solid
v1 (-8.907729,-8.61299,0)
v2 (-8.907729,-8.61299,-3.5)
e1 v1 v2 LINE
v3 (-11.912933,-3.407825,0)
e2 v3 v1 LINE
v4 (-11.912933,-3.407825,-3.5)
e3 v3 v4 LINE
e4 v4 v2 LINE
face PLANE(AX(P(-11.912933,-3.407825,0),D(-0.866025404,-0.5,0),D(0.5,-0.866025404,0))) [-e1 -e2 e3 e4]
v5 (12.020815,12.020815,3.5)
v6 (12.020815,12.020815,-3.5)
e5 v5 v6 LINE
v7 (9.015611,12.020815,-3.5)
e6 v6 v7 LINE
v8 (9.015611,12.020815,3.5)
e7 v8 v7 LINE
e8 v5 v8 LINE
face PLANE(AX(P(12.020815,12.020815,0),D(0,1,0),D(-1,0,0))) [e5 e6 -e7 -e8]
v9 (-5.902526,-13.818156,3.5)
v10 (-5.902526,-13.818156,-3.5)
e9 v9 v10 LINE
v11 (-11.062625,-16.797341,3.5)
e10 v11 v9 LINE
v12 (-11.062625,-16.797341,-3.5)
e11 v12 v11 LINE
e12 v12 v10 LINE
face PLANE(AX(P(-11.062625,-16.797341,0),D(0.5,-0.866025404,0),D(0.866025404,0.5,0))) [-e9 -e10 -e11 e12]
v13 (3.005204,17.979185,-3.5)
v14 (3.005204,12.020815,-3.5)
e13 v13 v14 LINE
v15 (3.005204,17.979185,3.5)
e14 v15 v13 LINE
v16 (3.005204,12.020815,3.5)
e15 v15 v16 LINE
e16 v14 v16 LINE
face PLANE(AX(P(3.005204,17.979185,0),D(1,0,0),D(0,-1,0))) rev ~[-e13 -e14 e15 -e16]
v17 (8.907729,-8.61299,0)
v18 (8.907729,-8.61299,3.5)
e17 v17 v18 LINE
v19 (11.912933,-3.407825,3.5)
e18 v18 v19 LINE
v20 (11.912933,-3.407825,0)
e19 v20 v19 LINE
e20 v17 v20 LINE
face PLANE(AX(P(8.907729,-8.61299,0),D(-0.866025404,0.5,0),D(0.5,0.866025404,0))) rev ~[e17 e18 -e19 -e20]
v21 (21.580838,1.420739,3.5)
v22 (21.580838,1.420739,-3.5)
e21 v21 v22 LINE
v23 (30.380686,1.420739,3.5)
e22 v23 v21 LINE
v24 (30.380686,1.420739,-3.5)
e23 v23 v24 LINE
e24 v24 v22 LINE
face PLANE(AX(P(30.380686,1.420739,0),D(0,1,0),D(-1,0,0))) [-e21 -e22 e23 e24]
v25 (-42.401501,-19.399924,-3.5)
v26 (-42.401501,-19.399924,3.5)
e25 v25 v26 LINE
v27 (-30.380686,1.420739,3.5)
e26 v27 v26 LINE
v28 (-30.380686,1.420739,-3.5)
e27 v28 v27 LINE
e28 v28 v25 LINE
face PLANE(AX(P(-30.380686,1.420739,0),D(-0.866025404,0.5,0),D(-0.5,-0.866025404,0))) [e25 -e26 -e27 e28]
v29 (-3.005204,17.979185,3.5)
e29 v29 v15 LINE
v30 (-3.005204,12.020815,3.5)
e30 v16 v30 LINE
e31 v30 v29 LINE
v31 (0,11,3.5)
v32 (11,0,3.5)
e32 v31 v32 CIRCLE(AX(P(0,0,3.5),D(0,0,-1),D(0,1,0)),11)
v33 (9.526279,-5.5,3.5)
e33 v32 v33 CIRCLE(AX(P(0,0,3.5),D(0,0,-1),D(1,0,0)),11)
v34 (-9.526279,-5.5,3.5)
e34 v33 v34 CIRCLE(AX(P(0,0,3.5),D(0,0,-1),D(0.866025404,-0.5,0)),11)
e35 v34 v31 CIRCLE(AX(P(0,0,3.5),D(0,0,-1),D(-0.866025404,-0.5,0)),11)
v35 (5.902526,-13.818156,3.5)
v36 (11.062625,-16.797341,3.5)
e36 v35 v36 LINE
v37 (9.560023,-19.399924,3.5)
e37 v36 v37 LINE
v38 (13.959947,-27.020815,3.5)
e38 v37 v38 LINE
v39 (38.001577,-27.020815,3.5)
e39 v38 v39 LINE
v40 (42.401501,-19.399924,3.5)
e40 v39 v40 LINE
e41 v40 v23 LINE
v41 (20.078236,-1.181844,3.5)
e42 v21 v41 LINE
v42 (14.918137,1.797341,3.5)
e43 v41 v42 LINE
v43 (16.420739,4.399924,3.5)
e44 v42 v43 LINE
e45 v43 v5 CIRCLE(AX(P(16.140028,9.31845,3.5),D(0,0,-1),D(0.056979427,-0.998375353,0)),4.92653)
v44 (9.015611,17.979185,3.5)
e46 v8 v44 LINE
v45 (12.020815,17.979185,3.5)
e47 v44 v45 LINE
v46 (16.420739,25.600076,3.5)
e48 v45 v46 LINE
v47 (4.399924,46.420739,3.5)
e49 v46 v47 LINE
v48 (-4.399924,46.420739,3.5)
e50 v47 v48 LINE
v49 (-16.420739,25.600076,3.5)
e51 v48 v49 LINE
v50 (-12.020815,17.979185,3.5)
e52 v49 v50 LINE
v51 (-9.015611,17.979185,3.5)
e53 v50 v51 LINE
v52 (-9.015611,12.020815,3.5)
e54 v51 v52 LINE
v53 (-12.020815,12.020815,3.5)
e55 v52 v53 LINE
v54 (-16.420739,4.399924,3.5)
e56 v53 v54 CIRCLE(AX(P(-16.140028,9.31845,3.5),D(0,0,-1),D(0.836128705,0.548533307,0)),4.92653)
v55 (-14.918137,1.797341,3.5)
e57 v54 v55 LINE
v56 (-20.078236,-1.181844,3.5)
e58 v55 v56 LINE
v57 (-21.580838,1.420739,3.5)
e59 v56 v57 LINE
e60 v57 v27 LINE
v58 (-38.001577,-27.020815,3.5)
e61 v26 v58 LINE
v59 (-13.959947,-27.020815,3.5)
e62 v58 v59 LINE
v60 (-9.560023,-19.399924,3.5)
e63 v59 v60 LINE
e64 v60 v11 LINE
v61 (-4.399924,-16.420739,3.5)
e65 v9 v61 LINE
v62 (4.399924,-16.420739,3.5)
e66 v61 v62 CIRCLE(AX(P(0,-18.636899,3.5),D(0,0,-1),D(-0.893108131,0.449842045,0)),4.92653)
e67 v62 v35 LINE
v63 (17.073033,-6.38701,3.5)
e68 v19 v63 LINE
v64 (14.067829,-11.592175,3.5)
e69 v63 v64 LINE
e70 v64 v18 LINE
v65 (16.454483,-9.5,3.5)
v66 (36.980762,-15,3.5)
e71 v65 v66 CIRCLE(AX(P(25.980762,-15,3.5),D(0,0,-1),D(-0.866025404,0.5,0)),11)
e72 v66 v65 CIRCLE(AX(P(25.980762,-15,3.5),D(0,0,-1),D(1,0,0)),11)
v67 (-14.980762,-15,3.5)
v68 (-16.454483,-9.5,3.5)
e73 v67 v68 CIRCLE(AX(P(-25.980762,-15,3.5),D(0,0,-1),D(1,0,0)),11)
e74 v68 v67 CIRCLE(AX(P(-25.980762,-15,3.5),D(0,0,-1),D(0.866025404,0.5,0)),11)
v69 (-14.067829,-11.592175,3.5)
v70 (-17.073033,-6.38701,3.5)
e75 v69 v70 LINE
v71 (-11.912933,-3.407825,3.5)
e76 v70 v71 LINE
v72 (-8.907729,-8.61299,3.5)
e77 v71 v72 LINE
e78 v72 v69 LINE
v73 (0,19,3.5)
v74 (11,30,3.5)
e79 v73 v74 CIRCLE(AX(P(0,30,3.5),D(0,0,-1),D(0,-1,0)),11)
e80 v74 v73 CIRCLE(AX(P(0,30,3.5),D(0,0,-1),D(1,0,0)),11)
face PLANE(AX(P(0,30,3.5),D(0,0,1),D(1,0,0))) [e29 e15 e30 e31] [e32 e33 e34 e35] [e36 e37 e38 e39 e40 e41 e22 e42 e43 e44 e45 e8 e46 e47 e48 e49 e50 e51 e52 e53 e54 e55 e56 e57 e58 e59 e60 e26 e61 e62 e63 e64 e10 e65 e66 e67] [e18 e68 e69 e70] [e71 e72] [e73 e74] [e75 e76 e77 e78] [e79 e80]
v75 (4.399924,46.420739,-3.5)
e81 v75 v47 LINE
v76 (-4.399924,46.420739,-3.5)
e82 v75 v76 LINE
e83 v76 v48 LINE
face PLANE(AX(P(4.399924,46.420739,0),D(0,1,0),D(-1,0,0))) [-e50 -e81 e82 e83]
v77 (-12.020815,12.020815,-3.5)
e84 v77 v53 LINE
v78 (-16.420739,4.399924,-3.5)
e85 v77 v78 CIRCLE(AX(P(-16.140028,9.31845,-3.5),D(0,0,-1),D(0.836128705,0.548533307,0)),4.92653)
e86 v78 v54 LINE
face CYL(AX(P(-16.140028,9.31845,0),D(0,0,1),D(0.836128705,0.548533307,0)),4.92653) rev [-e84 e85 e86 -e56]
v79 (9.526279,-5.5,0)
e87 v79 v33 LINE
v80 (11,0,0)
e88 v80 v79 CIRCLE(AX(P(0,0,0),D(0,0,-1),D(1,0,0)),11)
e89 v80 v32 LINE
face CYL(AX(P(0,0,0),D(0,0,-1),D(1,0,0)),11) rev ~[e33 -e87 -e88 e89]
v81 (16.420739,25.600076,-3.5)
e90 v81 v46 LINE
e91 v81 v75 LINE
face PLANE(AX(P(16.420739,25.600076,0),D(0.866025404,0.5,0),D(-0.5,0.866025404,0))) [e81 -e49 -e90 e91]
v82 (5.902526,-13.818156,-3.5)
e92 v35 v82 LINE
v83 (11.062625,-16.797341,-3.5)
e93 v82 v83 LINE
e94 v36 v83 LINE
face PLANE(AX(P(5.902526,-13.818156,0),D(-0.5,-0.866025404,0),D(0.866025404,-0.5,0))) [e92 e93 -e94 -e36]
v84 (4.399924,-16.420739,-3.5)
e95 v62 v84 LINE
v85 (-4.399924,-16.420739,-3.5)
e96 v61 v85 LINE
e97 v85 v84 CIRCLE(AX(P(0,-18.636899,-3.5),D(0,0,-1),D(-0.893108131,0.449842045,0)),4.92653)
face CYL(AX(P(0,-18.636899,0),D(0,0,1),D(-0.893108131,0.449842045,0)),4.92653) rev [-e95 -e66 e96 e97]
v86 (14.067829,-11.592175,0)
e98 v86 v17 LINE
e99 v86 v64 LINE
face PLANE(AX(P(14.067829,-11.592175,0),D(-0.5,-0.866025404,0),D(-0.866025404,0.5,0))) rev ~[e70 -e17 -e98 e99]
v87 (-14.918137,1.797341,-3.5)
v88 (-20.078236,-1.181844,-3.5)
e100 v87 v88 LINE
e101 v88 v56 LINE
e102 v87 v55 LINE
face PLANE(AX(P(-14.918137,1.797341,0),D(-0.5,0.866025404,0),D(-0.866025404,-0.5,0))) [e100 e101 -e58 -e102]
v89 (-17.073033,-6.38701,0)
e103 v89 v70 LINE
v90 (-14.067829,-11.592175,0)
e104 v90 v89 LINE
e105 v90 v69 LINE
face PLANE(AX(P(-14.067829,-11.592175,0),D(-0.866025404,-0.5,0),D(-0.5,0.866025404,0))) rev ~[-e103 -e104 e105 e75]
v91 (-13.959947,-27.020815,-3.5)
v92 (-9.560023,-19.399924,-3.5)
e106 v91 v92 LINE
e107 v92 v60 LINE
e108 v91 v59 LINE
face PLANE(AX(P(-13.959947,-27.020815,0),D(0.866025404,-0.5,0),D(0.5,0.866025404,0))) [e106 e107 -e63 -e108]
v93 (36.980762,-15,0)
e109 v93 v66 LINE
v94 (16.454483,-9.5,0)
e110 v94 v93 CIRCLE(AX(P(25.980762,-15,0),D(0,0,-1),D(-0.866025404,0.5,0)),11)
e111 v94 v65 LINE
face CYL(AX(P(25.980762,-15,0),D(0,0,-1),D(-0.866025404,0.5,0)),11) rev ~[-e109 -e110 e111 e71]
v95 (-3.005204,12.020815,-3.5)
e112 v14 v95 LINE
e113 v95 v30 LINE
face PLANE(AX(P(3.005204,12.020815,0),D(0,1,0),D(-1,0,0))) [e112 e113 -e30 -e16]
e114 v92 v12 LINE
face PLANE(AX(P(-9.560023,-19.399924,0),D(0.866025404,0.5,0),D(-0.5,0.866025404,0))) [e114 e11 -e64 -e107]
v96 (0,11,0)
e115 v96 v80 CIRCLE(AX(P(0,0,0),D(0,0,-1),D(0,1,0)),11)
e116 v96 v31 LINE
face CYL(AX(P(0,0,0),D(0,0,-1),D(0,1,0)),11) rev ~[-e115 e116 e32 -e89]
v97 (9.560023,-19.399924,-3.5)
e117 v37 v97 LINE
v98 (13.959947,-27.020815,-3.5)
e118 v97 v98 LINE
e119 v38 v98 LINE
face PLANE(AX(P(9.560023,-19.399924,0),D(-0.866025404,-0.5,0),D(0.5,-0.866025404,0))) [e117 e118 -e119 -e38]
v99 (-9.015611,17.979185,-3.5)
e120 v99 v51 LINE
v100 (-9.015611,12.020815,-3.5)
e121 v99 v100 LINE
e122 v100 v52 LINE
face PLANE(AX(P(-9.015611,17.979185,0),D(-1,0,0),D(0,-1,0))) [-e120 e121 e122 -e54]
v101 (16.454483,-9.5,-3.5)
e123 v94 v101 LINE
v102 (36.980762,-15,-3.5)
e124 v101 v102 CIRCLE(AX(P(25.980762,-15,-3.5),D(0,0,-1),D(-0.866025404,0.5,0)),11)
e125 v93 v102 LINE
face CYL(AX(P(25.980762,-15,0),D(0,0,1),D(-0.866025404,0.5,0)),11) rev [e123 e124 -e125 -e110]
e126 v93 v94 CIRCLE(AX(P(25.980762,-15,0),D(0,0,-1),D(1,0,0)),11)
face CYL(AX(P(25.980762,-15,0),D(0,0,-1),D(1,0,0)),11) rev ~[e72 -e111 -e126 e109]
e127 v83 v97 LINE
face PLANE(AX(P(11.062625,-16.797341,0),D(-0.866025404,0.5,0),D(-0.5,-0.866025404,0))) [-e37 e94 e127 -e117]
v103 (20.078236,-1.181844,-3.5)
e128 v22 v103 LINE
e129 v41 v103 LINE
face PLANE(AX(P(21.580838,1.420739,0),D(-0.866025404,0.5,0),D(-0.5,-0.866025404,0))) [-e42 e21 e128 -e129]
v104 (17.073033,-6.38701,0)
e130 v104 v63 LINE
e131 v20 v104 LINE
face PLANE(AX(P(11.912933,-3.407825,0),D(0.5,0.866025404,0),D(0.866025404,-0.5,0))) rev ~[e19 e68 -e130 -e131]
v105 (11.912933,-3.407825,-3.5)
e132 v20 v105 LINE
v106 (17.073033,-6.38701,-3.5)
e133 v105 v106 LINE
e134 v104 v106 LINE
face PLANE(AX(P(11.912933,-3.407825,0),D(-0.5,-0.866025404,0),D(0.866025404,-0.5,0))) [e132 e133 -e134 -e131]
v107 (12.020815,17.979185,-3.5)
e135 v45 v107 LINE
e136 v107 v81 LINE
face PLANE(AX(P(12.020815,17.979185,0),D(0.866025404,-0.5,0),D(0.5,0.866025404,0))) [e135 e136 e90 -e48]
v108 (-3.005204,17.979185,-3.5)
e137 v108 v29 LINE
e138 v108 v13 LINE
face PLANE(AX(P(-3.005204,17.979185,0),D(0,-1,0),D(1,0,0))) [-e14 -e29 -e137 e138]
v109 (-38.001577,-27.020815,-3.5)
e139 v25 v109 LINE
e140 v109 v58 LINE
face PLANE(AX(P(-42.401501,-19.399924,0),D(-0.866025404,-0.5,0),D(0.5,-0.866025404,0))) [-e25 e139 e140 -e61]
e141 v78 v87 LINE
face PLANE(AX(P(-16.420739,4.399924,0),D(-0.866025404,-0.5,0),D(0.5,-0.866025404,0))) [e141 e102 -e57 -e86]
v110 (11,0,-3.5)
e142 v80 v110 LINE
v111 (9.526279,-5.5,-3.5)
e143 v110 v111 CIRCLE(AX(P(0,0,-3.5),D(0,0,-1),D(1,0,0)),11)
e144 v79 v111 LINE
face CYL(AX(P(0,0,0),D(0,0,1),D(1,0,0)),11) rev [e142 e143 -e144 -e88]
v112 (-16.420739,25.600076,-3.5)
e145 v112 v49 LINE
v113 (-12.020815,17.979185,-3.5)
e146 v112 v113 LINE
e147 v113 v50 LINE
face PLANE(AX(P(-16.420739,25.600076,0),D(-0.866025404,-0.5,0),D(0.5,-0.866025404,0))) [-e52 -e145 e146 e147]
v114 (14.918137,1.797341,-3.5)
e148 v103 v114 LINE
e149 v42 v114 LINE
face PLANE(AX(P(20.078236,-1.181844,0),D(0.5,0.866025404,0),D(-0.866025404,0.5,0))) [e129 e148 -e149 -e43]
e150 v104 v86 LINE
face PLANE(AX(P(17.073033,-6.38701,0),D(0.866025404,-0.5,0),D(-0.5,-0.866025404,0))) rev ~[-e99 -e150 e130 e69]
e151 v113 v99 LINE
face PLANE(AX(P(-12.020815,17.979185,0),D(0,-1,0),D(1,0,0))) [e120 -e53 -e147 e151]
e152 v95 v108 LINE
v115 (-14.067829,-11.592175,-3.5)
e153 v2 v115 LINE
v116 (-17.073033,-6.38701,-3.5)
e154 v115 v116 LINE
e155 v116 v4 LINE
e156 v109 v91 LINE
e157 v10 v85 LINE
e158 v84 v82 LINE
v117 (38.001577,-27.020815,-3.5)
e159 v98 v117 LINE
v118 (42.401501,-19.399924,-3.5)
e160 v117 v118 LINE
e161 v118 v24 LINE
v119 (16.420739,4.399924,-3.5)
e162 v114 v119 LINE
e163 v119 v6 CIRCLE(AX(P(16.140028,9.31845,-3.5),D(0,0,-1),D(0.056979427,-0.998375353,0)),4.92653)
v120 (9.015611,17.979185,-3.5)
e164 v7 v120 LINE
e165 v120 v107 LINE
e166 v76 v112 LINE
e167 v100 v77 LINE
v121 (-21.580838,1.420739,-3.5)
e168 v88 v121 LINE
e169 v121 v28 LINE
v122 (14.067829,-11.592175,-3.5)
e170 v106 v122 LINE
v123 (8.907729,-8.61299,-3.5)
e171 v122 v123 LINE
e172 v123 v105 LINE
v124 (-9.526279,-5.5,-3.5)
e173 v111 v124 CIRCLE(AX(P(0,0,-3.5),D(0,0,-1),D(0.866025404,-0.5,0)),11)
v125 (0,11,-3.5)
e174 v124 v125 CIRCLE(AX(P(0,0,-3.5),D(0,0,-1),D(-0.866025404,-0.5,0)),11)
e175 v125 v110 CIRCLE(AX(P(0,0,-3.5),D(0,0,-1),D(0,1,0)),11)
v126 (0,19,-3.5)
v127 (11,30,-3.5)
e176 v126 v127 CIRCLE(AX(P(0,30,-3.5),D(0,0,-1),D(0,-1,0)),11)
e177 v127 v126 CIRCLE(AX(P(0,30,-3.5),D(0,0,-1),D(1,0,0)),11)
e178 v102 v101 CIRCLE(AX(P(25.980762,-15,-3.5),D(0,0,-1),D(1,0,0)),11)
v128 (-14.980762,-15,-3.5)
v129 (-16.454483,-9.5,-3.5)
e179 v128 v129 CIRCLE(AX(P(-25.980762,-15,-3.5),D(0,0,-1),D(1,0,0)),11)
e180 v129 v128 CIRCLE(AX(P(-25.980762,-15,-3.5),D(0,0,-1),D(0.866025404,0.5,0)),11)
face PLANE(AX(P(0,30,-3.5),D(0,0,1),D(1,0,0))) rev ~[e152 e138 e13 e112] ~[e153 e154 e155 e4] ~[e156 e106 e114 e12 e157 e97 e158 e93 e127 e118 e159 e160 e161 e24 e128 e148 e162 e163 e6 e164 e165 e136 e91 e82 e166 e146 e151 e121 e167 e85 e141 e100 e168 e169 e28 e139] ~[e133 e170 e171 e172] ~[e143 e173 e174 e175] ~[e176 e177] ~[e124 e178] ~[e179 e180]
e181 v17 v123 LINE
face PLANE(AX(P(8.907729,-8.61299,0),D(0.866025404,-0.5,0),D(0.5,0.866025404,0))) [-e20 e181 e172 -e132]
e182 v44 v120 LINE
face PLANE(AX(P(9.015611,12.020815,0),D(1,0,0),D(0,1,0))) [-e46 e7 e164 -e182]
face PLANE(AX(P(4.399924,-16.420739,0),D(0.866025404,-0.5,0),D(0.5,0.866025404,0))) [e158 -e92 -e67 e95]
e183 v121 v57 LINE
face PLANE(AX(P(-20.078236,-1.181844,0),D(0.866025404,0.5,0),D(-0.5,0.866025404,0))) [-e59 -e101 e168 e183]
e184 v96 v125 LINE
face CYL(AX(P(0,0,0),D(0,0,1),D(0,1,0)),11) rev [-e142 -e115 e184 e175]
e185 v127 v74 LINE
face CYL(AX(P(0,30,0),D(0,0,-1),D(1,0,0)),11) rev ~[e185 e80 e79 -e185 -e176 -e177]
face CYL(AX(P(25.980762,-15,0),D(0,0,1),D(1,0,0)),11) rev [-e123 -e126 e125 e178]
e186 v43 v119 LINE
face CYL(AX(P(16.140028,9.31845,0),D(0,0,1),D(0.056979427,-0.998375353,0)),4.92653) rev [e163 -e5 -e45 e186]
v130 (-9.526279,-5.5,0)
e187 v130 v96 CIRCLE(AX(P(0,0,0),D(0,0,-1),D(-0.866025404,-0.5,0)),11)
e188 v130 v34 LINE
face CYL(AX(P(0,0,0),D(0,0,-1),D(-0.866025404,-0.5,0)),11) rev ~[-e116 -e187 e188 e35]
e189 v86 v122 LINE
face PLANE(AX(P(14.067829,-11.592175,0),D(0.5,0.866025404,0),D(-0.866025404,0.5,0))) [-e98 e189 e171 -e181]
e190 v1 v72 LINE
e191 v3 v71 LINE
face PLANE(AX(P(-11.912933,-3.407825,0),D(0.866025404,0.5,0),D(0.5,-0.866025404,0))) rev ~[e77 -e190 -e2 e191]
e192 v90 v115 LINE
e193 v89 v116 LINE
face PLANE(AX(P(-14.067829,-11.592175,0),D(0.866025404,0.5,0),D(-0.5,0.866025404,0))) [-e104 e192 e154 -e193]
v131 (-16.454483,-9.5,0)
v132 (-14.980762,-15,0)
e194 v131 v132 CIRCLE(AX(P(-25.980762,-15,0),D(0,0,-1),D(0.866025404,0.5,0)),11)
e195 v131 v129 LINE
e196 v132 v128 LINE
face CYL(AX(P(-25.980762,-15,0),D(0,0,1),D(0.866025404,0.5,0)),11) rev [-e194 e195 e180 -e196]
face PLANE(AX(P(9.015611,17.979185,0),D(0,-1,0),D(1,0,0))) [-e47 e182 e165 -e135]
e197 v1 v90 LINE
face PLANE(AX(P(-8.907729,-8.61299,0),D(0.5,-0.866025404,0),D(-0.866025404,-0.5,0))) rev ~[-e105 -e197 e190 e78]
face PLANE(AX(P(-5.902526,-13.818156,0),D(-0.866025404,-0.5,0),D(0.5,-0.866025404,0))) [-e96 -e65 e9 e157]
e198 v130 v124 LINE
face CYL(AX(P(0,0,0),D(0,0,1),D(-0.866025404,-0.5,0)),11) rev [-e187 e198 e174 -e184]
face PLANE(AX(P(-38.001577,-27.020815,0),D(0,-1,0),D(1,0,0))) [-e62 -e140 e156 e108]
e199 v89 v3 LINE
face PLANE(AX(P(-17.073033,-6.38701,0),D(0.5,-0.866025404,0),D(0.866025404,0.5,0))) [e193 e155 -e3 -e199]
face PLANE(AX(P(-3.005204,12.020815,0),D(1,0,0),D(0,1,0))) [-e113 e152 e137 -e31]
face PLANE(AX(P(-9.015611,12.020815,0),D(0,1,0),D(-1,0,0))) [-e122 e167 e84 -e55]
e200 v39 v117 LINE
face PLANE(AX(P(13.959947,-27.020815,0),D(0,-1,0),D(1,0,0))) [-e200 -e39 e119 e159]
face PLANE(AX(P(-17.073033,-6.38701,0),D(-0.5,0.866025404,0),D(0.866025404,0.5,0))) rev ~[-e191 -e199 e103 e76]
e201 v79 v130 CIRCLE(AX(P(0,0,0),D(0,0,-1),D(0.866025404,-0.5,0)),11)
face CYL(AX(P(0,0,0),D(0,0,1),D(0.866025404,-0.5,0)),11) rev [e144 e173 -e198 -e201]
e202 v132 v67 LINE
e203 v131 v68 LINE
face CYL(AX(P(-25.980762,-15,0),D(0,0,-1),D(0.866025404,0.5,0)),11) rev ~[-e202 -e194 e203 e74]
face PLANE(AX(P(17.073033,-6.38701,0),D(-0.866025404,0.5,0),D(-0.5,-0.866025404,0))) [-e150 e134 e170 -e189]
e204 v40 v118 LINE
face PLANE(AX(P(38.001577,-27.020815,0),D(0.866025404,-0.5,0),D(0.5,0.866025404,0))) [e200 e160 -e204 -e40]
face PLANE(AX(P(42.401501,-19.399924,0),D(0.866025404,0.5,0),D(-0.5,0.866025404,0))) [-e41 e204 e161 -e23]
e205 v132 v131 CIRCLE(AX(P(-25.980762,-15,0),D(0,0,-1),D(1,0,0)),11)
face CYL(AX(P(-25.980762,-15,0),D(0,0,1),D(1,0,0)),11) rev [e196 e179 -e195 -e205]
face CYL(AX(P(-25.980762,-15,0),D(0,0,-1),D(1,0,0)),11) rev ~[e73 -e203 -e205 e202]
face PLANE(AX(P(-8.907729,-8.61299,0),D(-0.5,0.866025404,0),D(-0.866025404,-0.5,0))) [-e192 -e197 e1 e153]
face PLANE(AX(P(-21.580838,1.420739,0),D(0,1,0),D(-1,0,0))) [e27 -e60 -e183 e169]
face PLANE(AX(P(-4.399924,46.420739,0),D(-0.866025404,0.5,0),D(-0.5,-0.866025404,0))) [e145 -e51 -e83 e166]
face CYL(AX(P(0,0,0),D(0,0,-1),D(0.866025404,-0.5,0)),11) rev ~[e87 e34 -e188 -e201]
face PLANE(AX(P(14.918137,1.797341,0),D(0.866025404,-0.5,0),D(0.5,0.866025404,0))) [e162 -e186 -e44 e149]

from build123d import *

# Parameters (mm, degrees)
F1_DEPTH = 3.5


with BuildPart() as f1:
    # F0 (on Top) → F1 (new body, symmetric)
    with BuildSketch(Plane.XY):
        Polygon((-3.00520382, 17.9791847198), (0, 17.9791847198), (3.00520382, 17.9791847198), (9.0156114601, 17.9791847198), (12.0208152802, 17.9791847198), (16.4207390469, 25.6000762333), (4.3999237667, 46.4207390469), (-4.3999237667, 46.4207390469), (-16.4207390469, 25.6000762333), (-12.0208152802, 17.9791847198), (-9.0156114601, 17.9791847198), align=None)
        with BuildLine():
            ThreePointArc((11, 30), (7.7781745931, 22.2218254069), (0, 19))
            ThreePointArc((0, 19), (-7.7781745931, 37.7781745931), (11, 30))
        make_face(mode=Mode.SUBTRACT)
        Polygon((-6.0104076401, 12.0208152802), (-3.00520382, 12.0208152802), (-3.00520382, 17.9791847198), (-9.0156114601, 17.9791847198), (-9.0156114601, 12.0208152802), align=None)
        Polygon((3.00520382, 17.9791847198), (3.00520382, 12.0208152802), (6.0104076401, 12.0208152802), (9.0156114601, 12.0208152802), (9.0156114601, 17.9791847198), align=None)
        with BuildLine():
            ThreePointArc((0, 11), (7.7781745931, 7.7781745931), (11, 0))
            ThreePointArc((11, 0), (10.6251840892, -2.8470094961), (9.5262794416, -5.5))
            Line((9.5262794416, -5.5), (10.4103314068, -6.0104076401))
            Line((10.4103314068, -6.0104076401), (11.9129333168, -3.4078247884))
            Line((11.9129333168, -3.4078247884), (14.9181371369, 1.797340915))
            Line((14.9181371369, 1.797340915), (16.4207390469, 4.3999237667))
            ThreePointArc((16.4207390469, 4.3999237667), (11.8735283026, 6.8551847617), (12.0208152802, 12.0208152802))
            Line((12.0208152802, 12.0208152802), (9.0156114601, 12.0208152802))
            Line((9.0156114601, 12.0208152802), (6.0104076401, 12.0208152802))
            Line((6.0104076401, 12.0208152802), (3.00520382, 12.0208152802))
            Line((3.00520382, 12.0208152802), (0, 12.0208152802))
            Line((0, 12.0208152802), (0, 11))
        make_face()
        with BuildLine():
            ThreePointArc((-9.5262794416, -5.5), (-9.5262794416, 5.5), (0, 11))
            Line((0, 11), (0, 12.0208152802))
            Line((0, 12.0208152802), (-3.00520382, 12.0208152802))
            Line((-3.00520382, 12.0208152802), (-6.0104076401, 12.0208152802))
            Line((-6.0104076401, 12.0208152802), (-9.0156114601, 12.0208152802))
            Line((-9.0156114601, 12.0208152802), (-12.0208152802, 12.0208152802))
            ThreePointArc((-12.0208152802, 12.0208152802), (-11.8735283026, 6.8551847617), (-16.4207390469, 4.3999237667))
            Line((-16.4207390469, 4.3999237667), (-14.9181371369, 1.797340915))
            Line((-14.9181371369, 1.797340915), (-11.9129333168, -3.4078247884))
            Line((-11.9129333168, -3.4078247884), (-10.4103314068, -6.0104076401))
            Line((-10.4103314068, -6.0104076401), (-9.5262794416, -5.5))
        make_face()
        with BuildLine():
            Line((10.4103314068, -6.0104076401), (9.5262794416, -5.5))
            ThreePointArc((9.5262794416, -5.5), (0, -11), (-9.5262794416, -5.5))
            Line((-9.5262794416, -5.5), (-10.4103314068, -6.0104076401))
            Line((-10.4103314068, -6.0104076401), (-8.9077294968, -8.6129904918))
            Line((-8.9077294968, -8.6129904918), (-5.9025256768, -13.8181561952))
            Line((-5.9025256768, -13.8181561952), (-4.3999237667, -16.4207390469))
            ThreePointArc((-4.3999237667, -16.4207390469), (0, -13.7103695235), (4.3999237667, -16.4207390469))
            Line((4.3999237667, -16.4207390469), (5.9025256768, -13.8181561952))
            Line((5.9025256768, -13.8181561952), (8.9077294968, -8.6129904918))
            Line((8.9077294968, -8.6129904918), (10.4103314068, -6.0104076401))
        make_face()
        Polygon((-5.9025256768, -13.8181561952), (-8.9077294968, -8.6129904918), (-14.0678287967, -11.5921752116), (-11.0626249766, -16.797340915), align=None)
        Polygon((-17.0730326167, -6.3870095082), (-11.9129333168, -3.4078247884), (-14.9181371369, 1.797340915), (-20.0782364368, -1.1818438048), align=None)
        Polygon((-14.0678287967, -11.5921752116), (-15.5704307067, -8.9895923599), (-17.0730326167, -6.3870095082), (-20.0782364368, -1.1818438048), (-21.5808383468, 1.4207390469), (-30.3806858803, 1.4207390469), (-42.4015011604, -19.3999237667), (-38.0015773937, -27.0208152802), (-13.9599468334, -27.0208152802), (-9.5600230666, -19.3999237667), (-11.0626249766, -16.797340915), align=None)
        with BuildLine():
            ThreePointArc((-14.9807621135, -15), (-36.6059462027, -17.8470094961), (-16.4544826719, -9.5))
            ThreePointArc((-16.4544826719, -9.5), (-15.3555780244, -12.1529905039), (-14.9807621135, -15))
        make_face(mode=Mode.SUBTRACT)
        Polygon((14.9181371369, 1.797340915), (11.9129333168, -3.4078247884), (17.0730326167, -6.3870095082), (20.0782364368, -1.1818438048), align=None)
        Polygon((14.0678287967, -11.5921752116), (8.9077294968, -8.6129904918), (5.9025256768, -13.8181561952), (11.0626249766, -16.797340915), align=None)
        Polygon((17.0730326167, -6.3870095082), (15.5704307067, -8.9895923599), (14.0678287967, -11.5921752116), (11.0626249766, -16.797340915), (9.5600230666, -19.3999237667), (13.9599468334, -27.0208152802), (38.0015773937, -27.0208152802), (42.4015011604, -19.3999237667), (30.3806858803, 1.4207390469), (21.5808383468, 1.4207390469), (20.0782364368, -1.1818438048), align=None)
        with BuildLine():
            ThreePointArc((36.9807621135, -15), (23.1337526174, -25.6251840892), (16.4544826719, -9.5))
            ThreePointArc((16.4544826719, -9.5), (28.8277716097, -4.3748159108), (36.9807621135, -15))
        make_face(mode=Mode.SUBTRACT)
    extrude(amount=F1_DEPTH, both=True)


solid = f1.part
